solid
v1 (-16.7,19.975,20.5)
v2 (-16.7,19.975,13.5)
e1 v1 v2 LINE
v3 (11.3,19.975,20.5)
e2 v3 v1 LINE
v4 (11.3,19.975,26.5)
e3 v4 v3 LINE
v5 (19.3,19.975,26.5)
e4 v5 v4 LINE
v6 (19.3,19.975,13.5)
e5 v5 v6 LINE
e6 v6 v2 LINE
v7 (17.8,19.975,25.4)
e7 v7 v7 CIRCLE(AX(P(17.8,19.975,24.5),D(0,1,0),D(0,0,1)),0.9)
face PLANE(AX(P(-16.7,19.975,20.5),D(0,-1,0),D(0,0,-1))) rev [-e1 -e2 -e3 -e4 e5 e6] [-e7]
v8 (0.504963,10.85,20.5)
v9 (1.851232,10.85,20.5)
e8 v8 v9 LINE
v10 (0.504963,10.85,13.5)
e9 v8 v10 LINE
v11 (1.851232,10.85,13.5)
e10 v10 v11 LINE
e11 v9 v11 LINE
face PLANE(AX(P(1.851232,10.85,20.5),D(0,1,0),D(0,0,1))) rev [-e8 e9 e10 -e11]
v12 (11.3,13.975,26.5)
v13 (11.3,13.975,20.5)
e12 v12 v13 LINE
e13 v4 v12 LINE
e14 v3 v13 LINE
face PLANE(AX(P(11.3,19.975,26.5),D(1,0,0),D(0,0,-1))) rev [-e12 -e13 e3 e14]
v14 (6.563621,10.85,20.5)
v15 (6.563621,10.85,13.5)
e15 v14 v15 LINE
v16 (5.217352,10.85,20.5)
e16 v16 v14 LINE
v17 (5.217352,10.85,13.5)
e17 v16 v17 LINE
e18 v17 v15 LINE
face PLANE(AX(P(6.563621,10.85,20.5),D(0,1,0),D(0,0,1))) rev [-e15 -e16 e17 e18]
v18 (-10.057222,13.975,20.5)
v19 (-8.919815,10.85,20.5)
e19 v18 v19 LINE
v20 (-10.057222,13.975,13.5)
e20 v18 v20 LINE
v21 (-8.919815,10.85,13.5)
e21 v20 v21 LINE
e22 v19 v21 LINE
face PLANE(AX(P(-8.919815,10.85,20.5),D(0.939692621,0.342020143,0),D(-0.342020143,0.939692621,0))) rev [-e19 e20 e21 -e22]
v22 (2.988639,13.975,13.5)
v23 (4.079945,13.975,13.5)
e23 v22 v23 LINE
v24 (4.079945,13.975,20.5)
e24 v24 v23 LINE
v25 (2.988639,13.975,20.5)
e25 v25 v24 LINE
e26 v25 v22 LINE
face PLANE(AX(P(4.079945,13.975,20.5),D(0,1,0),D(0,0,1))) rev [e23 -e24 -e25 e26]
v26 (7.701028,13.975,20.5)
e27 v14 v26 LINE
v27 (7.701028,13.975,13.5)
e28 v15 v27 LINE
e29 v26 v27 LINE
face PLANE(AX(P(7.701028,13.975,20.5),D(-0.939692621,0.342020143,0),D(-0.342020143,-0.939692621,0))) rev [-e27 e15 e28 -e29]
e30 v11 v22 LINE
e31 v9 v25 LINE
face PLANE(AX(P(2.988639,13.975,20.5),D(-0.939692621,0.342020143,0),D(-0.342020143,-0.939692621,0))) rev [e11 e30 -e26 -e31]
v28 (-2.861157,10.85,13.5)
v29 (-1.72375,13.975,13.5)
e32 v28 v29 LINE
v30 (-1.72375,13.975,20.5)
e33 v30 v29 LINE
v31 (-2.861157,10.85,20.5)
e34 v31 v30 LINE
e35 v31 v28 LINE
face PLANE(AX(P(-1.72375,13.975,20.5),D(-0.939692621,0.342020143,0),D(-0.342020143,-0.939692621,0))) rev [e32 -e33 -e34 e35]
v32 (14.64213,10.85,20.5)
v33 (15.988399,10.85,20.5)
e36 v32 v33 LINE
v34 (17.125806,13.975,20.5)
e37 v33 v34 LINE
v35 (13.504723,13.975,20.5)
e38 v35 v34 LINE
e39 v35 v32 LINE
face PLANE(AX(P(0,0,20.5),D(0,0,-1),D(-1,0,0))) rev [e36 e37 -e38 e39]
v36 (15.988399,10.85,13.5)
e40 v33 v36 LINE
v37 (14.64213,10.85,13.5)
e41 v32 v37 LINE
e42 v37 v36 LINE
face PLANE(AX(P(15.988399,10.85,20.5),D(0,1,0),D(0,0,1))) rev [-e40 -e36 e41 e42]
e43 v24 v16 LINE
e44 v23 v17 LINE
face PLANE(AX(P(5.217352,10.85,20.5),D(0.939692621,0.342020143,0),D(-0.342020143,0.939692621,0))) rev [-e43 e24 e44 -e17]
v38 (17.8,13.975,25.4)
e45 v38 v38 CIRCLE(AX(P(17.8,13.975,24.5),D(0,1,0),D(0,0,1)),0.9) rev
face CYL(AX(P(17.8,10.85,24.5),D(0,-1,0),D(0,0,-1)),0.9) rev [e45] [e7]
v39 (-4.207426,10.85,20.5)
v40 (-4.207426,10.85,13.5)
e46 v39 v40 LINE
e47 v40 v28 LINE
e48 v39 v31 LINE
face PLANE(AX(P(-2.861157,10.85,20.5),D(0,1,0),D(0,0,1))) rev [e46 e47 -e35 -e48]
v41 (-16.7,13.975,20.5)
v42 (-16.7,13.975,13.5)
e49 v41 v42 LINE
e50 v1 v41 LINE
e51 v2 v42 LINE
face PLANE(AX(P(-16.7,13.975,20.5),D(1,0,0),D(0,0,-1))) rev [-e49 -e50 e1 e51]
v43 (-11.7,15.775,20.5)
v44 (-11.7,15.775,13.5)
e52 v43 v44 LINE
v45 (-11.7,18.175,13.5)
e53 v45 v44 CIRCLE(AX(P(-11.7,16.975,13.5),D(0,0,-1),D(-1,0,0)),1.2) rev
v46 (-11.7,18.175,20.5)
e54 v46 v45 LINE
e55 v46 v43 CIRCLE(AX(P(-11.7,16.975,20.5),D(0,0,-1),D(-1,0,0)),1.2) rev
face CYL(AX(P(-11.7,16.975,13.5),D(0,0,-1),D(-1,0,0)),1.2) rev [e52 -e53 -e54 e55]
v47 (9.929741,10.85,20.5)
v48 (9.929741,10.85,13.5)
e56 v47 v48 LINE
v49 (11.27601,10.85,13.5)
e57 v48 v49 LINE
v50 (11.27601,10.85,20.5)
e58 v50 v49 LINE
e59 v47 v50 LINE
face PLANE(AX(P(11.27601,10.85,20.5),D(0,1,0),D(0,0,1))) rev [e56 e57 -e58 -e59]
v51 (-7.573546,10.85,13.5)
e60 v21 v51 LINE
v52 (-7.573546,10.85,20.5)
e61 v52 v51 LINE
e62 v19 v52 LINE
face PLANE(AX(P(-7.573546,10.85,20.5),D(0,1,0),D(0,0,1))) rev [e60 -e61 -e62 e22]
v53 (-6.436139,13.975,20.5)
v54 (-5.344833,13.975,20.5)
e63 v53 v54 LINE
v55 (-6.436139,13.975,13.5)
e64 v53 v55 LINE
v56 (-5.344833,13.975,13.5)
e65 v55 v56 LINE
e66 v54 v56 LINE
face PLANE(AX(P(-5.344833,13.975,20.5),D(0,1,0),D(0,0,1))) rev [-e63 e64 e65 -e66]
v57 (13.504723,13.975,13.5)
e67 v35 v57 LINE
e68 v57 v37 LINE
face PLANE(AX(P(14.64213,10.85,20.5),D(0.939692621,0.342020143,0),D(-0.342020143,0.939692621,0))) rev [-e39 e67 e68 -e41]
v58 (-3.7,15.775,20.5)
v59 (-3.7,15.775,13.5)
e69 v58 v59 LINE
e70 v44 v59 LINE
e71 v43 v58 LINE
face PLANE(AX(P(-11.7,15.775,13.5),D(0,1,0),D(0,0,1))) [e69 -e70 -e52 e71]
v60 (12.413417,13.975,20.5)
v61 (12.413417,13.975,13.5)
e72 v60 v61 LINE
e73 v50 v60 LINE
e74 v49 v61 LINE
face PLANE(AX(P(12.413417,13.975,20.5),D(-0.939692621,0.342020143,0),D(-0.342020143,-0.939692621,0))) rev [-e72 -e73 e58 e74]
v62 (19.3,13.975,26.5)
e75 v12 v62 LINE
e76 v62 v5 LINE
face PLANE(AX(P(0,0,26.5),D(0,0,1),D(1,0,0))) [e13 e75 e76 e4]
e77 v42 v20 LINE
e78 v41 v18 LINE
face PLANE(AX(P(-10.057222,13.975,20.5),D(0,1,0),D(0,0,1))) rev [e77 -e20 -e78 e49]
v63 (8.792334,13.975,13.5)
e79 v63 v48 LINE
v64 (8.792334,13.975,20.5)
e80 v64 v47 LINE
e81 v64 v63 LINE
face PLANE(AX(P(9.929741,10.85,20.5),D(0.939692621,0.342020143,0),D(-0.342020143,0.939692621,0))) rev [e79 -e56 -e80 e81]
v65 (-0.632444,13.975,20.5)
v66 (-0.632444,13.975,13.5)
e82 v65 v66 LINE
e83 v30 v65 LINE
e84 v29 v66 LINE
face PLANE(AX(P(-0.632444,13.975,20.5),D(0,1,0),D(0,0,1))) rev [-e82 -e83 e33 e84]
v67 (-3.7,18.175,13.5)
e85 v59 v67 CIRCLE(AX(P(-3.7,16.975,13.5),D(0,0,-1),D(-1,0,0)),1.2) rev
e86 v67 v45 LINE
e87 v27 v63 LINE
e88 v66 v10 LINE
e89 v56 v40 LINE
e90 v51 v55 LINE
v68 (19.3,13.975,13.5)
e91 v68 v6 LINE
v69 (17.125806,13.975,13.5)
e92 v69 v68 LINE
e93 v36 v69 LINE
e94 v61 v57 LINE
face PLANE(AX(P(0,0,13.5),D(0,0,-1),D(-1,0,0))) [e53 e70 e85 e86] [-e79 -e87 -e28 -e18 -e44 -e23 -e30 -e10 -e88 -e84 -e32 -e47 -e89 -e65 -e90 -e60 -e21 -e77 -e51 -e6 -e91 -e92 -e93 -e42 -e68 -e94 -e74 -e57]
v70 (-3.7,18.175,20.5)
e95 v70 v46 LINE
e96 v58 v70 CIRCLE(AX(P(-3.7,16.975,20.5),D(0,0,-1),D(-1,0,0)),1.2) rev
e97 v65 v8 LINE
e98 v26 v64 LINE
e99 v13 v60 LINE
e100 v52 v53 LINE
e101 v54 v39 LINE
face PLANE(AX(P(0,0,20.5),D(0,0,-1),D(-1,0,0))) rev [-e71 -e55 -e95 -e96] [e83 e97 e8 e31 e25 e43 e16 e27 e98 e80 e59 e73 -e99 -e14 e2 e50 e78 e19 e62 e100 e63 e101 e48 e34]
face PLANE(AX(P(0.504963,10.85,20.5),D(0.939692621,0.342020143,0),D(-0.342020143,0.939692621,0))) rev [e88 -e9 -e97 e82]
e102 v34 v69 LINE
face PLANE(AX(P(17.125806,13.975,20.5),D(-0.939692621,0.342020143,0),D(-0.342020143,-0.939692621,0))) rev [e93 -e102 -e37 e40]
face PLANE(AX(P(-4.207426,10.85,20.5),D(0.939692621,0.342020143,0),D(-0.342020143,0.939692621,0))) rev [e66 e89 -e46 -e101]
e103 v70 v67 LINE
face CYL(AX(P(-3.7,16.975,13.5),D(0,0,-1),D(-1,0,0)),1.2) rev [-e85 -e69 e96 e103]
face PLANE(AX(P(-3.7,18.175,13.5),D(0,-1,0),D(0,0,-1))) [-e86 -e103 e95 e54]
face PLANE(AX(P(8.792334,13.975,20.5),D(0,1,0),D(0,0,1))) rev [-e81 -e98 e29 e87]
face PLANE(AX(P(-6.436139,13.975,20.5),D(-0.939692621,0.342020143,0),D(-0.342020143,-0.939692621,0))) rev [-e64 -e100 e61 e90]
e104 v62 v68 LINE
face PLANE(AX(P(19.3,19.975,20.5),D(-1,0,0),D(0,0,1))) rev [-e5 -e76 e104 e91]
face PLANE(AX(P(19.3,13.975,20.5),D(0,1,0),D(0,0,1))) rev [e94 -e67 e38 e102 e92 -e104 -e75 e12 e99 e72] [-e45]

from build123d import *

# Parameters (mm, degrees)
BOSS_EXTRUDE1_START     = 13.5
BOSS_EXTRUDE1_DEPTH     = 7
BOSS_EXTRUDE2_START     = 20.5
SKETCH2_W               = 8
SKETCH2_H               = 6
BOSS_EXTRUDE2_DEPTH     = 6
CUT_EXTRUDE1_DEPTH      = 39.389329572
CUT_EXTRUDE1_DEPTH_BACK = 39.389329572
SKETCH3_R               = 0.9
CUT_EXTRUDE2_DEPTH      = 39.389329572
CUT_EXTRUDE2_DEPTH_BACK = 39.389329572
SKETCH4_W               = 8
SKETCH4_H               = 2.4
CUT_EXTRUDE3_DEPTH      = 39.389329572
CUT_EXTRUDE3_DEPTH_BACK = 39.389329572
SKETCH5_R               = 1.2


with BuildPart() as part:
    # Sketch1 → Boss-Extrude1 (new body)
    with BuildSketch(Plane.XY.offset(BOSS_EXTRUDE1_START)):
        Polygon((-16.7, 19.975), (19.3, 19.975), (19.3, 13.975), (17.125805621, 13.975), (15.988398639, 10.85), (14.642129734, 10.85), (13.504722752, 13.975), (12.41341664, 13.975), (11.276009658, 10.85), (9.929740754, 10.85), (8.792333772, 13.975), (7.70102766, 13.975), (6.563620678, 10.85), (5.217351773, 10.85), (4.079944791, 13.975), (2.988638679, 13.975), (1.851231697, 10.85), (0.504962793, 10.85), (-0.632444189, 13.975), (-1.723750301, 13.975), (-2.861157283, 10.85), (-4.207426188, 10.85), (-5.34483317, 13.975), (-6.436139281, 13.975), (-7.573546263, 10.85), (-8.919815168, 10.85), (-10.05722215, 13.975), (-16.7, 13.975), align=None)
    extrude(amount=BOSS_EXTRUDE1_DEPTH)

    # Sketch2 → Boss-Extrude2 (add)
    with BuildSketch(Plane.XY.offset(BOSS_EXTRUDE2_START)):
        with Locations((15.3, 16.975)):
            Rectangle(SKETCH2_W, SKETCH2_H)
    extrude(amount=BOSS_EXTRUDE2_DEPTH)

    # Sketch3 → Cut-Extrude1 (cut, two sides: drawn at the far end of the back side and taken through both)
    with BuildSketch(Plane(origin=(0, 0, 0), x_dir=(1, 0, 0), z_dir=(0, 1, 0)).offset(-CUT_EXTRUDE1_DEPTH_BACK)):
        with Locations(Location((17.8, -24.5, 0), (0, 0, 270))):
            Circle(SKETCH3_R)
    extrude(amount=CUT_EXTRUDE1_DEPTH + CUT_EXTRUDE1_DEPTH_BACK, mode=Mode.SUBTRACT)

    # Sketch4 → Cut-Extrude2 (cut, two sides: drawn at the far end of the back side and taken through both)
    with BuildSketch(Plane.XY.offset(-CUT_EXTRUDE2_DEPTH_BACK)):
        with Locations((-7.7, 16.975)):
            Rectangle(SKETCH4_W, SKETCH4_H)
    extrude(amount=CUT_EXTRUDE2_DEPTH + CUT_EXTRUDE2_DEPTH_BACK, mode=Mode.SUBTRACT)

    # Sketch5 → Cut-Extrude3 (cut, two sides: drawn at the far end of the back side and taken through both)
    with BuildSketch(Plane.XY.offset(-CUT_EXTRUDE3_DEPTH_BACK)):
        with Locations((-11.7, 16.975)):
            Circle(SKETCH5_R)
        with Locations((-3.7, 16.975)):
            Circle(SKETCH5_R)
    extrude(amount=CUT_EXTRUDE3_DEPTH + CUT_EXTRUDE3_DEPTH_BACK, mode=Mode.SUBTRACT)


solid = part.part
